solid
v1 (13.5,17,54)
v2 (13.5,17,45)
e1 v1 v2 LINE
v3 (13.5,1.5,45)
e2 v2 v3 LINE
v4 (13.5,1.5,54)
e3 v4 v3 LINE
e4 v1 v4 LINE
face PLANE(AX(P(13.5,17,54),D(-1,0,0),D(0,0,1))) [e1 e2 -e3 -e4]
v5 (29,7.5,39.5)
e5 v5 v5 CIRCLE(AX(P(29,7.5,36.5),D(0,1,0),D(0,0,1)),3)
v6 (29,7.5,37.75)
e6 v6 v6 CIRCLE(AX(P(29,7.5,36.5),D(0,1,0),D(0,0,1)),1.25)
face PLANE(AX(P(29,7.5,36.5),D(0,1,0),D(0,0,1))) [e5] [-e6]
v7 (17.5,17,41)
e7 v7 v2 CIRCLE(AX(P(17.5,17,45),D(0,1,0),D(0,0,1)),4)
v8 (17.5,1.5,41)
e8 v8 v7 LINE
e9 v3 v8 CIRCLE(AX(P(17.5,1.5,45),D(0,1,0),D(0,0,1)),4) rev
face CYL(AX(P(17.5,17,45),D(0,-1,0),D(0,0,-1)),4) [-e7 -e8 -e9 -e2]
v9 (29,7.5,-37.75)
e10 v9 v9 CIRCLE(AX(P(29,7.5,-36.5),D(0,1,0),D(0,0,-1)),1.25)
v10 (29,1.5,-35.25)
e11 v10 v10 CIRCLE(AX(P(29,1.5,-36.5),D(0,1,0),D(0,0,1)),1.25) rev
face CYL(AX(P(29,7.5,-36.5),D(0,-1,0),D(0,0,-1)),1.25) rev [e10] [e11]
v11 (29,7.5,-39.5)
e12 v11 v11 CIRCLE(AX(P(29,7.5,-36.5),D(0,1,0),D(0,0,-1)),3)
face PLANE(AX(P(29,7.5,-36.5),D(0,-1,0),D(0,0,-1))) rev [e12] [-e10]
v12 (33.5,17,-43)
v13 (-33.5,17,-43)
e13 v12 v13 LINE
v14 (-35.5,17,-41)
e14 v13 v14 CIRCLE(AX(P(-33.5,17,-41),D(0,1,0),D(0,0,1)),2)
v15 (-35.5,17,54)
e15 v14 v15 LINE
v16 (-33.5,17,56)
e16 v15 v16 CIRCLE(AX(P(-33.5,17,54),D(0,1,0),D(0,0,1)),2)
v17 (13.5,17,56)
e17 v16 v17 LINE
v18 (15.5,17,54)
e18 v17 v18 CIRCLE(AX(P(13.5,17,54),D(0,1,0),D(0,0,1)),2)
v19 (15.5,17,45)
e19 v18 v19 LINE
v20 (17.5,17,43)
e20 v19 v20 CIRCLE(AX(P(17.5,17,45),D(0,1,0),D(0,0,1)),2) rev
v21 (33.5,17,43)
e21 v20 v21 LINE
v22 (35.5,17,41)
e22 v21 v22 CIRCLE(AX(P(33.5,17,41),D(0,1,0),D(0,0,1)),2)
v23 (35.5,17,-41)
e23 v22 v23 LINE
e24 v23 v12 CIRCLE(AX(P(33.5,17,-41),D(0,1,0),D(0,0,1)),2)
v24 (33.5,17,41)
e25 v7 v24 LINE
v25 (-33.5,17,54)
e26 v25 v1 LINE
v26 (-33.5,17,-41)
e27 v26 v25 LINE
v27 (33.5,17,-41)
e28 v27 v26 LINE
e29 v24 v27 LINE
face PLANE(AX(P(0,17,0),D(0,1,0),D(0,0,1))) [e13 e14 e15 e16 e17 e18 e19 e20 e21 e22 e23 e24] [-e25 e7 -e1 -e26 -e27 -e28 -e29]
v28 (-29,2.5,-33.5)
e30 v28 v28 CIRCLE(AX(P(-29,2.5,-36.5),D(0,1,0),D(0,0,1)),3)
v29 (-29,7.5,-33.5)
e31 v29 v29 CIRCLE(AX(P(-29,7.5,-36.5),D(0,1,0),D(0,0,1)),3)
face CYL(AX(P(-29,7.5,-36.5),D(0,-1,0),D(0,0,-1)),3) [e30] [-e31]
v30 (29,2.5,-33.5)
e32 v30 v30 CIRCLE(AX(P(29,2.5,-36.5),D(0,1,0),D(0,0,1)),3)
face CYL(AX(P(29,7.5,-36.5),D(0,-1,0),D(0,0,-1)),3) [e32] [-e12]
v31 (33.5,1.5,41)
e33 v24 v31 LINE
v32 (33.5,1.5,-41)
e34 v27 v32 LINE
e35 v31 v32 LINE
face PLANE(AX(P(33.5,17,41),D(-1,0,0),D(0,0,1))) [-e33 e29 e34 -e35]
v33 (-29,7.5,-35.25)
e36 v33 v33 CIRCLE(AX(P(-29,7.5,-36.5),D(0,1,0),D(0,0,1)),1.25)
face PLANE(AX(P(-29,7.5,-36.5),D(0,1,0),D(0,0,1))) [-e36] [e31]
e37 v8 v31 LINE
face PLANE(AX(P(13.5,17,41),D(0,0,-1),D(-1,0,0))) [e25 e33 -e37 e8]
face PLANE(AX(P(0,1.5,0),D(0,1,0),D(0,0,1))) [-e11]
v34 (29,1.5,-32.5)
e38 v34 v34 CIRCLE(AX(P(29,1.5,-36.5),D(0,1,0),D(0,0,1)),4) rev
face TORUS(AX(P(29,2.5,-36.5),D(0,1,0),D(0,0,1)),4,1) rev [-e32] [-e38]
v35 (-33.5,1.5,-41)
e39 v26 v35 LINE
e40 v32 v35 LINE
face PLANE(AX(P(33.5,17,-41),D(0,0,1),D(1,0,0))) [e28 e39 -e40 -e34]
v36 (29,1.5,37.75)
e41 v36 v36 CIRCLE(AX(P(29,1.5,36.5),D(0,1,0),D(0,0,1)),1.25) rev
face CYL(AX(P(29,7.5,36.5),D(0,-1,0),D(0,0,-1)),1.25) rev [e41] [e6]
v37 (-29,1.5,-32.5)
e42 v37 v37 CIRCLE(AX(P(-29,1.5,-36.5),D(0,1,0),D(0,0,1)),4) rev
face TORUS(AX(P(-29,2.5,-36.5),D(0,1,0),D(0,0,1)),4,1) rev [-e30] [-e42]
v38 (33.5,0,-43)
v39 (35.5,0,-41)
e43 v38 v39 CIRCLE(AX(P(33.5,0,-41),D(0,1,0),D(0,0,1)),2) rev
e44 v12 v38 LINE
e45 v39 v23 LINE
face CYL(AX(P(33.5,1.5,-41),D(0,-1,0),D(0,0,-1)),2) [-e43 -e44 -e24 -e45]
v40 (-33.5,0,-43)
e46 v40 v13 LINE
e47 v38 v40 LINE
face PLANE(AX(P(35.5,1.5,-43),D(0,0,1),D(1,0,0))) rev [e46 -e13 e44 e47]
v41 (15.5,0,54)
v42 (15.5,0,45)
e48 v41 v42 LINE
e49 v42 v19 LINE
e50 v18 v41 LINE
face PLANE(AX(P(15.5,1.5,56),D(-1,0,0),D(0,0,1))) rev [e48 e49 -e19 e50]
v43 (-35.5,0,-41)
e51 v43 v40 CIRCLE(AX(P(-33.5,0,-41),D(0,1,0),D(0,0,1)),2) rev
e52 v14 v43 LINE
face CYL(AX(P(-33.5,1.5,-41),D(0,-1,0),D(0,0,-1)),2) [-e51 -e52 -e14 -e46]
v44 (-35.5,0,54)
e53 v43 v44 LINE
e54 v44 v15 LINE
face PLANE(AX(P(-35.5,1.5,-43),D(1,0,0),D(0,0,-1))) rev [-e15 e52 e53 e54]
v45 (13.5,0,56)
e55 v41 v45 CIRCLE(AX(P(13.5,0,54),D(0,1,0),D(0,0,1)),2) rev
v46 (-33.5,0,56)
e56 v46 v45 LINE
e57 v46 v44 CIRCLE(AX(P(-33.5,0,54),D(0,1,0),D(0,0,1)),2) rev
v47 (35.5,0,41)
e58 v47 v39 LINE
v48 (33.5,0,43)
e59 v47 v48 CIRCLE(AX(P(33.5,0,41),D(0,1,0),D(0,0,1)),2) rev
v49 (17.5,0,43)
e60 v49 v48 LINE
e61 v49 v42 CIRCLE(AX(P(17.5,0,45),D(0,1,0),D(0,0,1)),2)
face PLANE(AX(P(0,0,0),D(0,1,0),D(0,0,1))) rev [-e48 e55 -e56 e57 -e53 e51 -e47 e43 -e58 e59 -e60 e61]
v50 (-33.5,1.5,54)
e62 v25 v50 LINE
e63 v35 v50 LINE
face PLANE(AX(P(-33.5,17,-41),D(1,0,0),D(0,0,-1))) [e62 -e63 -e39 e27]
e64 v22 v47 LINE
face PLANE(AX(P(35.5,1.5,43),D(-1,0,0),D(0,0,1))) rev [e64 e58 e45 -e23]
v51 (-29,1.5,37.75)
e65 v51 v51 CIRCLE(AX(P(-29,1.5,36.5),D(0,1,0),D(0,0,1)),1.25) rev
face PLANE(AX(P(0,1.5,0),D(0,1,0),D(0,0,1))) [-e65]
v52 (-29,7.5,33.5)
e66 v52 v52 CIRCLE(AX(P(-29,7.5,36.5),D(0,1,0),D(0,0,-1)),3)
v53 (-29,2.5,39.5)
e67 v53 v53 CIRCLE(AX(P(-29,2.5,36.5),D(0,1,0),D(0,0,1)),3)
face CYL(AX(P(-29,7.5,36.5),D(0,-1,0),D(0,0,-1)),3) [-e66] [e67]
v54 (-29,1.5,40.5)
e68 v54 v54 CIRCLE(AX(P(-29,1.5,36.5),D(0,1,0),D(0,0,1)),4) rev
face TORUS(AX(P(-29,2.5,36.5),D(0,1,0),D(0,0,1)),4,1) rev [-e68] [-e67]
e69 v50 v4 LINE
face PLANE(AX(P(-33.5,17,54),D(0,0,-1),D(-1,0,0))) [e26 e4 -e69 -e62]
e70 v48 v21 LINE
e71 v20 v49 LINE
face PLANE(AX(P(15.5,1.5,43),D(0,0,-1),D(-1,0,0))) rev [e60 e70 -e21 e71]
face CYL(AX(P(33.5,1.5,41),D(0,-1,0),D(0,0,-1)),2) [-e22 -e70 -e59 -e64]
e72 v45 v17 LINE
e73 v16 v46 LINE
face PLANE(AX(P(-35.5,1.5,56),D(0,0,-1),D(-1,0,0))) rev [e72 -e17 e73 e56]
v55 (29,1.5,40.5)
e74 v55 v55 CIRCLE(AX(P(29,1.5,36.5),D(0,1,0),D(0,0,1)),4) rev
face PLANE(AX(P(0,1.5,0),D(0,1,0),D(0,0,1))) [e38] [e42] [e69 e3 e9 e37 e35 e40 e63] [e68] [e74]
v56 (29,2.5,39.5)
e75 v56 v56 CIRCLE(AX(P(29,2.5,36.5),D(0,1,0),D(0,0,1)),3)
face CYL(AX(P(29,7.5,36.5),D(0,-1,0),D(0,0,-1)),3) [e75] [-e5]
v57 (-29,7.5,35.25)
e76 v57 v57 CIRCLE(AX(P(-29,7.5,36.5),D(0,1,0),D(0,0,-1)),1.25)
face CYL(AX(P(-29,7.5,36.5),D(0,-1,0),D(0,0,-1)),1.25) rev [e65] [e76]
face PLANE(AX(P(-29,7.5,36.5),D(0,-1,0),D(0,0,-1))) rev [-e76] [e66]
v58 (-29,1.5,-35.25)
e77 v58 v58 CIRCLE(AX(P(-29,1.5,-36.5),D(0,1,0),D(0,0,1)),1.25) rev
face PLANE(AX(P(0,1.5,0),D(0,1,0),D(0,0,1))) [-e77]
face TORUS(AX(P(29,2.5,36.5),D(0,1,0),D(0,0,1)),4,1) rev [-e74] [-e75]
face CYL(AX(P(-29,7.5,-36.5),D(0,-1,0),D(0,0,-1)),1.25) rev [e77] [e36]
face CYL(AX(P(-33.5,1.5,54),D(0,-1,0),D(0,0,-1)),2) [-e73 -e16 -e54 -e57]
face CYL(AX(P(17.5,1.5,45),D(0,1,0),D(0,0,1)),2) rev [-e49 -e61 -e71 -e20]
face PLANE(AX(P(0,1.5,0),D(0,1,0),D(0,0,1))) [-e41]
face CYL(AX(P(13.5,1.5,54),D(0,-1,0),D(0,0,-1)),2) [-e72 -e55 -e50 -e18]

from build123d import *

# Parameters (mm, degrees)
BOSS_EXTRUDE1_DEPTH = 1.5
SKETCH3_R           = 3
SKETCH3_R_2         = 1.25
BOSS_EXTRUDE3_DEPTH = 6
FILLET2_R           = 1
BOSS_EXTRUDE5_DEPTH = 15.5
FILLET6_R           = 2
FILLET7_R           = 4


with BuildPart() as part:
    # Sketch1 → Boss-Extrude1 (new body)
    with BuildSketch(Plane(origin=(0, 0, 0), x_dir=(1, 0, 0), z_dir=(0, 1, 0))):
        Polygon((35.5, 43), (-35.5, 43), (-35.5, -56), (15.5, -56), (15.5, -43), (35.5, -43), align=None)
    extrude(amount=BOSS_EXTRUDE1_DEPTH)

    # Sketch3 → Boss-Extrude3 (add)
    # profile 1 of 4: a face of its own
    with BuildSketch(Plane(origin=(0, 1.5, 0), x_dir=(1, 0, 0), z_dir=(0, 1, 0))):
        with Locations(Location((-29, 36.5, 0), (0, 0, 270))):
            Circle(SKETCH3_R)
        with Locations(Location((-29, 36.5, 0), (0, 0, 270))):
            Circle(SKETCH3_R_2, mode=Mode.SUBTRACT)
    # profile 2 of 4: a face of its own
    with BuildSketch(Plane(origin=(0, 1.5, 0), x_dir=(1, 0, 0), z_dir=(0, 1, 0))):
        with Locations(Location((29, 36.5, 0), (0, 0, 90))):
            Circle(SKETCH3_R)
        with Locations(Location((29, 36.5, 0), (0, 0, 90))):
            Circle(SKETCH3_R_2, mode=Mode.SUBTRACT)
    # profile 3 of 4: a face of its own
    with BuildSketch(Plane(origin=(0, 1.5, 0), x_dir=(1, 0, 0), z_dir=(0, 1, 0))):
        with Locations(Location((29, -36.5, 0), (0, 0, 270))):
            Circle(SKETCH3_R)
        with Locations(Location((29, -36.5, 0), (0, 0, 270))):
            Circle(SKETCH3_R_2, mode=Mode.SUBTRACT)
    # profile 4 of 4: a face of its own
    with BuildSketch(Plane(origin=(0, 1.5, 0), x_dir=(1, 0, 0), z_dir=(0, 1, 0))):
        with Locations(Location((-29, -36.5, 0), (0, 0, 90))):
            Circle(SKETCH3_R)
        with Locations(Location((-29, -36.5, 0), (0, 0, 90))):
            Circle(SKETCH3_R_2, mode=Mode.SUBTRACT)
    extrude(amount=BOSS_EXTRUDE3_DEPTH)

    # Fillet2
    fillet2_edges = [part.edges().sort_by_distance(p)[0] for p in [
        (-29, 1.5, -39.5),
        (29, 1.5, -33.5),
        (29, 1.5, 33.5),
        (-29, 1.5, 39.5),
    ]]
    fillet(fillet2_edges, radius=FILLET2_R)

    # Sketch5 → Boss-Extrude5 (add)
    with BuildSketch(Plane(origin=(0, 1.5, 0), x_dir=(1, 0, 0), z_dir=(0, 1, 0))):
        Polygon((-35.5, 43), (-35.5, -56), (15.5, -56), (15.5, -43), (35.5, -43), (35.5, 43), align=None)
        Polygon((-33.5, 41), (-33.5, -54), (13.5, -54), (13.5, -41), (33.5, -41), (33.5, 41), align=None, mode=Mode.SUBTRACT)
    extrude(amount=BOSS_EXTRUDE5_DEPTH)

    # Fillet6
    fillet6_edges = [part.edges().sort_by_distance(p)[0] for p in [
        (-35.5, 8.5, -43),
        (35.5, 8.5, -43),
        (35.5, 8.5, 43),
        (15.5, 8.5, 43),
        (15.5, 8.5, 56),
        (-35.5, 8.5, 56),
    ]]
    fillet(fillet6_edges, radius=FILLET6_R)

    # Fillet7
    fillet7_edges = [part.edges().sort_by_distance(p)[0] for p in [
        (13.5, 9.25, 41),
    ]]
    fillet(fillet7_edges, radius=FILLET7_R)


solid = part.part
